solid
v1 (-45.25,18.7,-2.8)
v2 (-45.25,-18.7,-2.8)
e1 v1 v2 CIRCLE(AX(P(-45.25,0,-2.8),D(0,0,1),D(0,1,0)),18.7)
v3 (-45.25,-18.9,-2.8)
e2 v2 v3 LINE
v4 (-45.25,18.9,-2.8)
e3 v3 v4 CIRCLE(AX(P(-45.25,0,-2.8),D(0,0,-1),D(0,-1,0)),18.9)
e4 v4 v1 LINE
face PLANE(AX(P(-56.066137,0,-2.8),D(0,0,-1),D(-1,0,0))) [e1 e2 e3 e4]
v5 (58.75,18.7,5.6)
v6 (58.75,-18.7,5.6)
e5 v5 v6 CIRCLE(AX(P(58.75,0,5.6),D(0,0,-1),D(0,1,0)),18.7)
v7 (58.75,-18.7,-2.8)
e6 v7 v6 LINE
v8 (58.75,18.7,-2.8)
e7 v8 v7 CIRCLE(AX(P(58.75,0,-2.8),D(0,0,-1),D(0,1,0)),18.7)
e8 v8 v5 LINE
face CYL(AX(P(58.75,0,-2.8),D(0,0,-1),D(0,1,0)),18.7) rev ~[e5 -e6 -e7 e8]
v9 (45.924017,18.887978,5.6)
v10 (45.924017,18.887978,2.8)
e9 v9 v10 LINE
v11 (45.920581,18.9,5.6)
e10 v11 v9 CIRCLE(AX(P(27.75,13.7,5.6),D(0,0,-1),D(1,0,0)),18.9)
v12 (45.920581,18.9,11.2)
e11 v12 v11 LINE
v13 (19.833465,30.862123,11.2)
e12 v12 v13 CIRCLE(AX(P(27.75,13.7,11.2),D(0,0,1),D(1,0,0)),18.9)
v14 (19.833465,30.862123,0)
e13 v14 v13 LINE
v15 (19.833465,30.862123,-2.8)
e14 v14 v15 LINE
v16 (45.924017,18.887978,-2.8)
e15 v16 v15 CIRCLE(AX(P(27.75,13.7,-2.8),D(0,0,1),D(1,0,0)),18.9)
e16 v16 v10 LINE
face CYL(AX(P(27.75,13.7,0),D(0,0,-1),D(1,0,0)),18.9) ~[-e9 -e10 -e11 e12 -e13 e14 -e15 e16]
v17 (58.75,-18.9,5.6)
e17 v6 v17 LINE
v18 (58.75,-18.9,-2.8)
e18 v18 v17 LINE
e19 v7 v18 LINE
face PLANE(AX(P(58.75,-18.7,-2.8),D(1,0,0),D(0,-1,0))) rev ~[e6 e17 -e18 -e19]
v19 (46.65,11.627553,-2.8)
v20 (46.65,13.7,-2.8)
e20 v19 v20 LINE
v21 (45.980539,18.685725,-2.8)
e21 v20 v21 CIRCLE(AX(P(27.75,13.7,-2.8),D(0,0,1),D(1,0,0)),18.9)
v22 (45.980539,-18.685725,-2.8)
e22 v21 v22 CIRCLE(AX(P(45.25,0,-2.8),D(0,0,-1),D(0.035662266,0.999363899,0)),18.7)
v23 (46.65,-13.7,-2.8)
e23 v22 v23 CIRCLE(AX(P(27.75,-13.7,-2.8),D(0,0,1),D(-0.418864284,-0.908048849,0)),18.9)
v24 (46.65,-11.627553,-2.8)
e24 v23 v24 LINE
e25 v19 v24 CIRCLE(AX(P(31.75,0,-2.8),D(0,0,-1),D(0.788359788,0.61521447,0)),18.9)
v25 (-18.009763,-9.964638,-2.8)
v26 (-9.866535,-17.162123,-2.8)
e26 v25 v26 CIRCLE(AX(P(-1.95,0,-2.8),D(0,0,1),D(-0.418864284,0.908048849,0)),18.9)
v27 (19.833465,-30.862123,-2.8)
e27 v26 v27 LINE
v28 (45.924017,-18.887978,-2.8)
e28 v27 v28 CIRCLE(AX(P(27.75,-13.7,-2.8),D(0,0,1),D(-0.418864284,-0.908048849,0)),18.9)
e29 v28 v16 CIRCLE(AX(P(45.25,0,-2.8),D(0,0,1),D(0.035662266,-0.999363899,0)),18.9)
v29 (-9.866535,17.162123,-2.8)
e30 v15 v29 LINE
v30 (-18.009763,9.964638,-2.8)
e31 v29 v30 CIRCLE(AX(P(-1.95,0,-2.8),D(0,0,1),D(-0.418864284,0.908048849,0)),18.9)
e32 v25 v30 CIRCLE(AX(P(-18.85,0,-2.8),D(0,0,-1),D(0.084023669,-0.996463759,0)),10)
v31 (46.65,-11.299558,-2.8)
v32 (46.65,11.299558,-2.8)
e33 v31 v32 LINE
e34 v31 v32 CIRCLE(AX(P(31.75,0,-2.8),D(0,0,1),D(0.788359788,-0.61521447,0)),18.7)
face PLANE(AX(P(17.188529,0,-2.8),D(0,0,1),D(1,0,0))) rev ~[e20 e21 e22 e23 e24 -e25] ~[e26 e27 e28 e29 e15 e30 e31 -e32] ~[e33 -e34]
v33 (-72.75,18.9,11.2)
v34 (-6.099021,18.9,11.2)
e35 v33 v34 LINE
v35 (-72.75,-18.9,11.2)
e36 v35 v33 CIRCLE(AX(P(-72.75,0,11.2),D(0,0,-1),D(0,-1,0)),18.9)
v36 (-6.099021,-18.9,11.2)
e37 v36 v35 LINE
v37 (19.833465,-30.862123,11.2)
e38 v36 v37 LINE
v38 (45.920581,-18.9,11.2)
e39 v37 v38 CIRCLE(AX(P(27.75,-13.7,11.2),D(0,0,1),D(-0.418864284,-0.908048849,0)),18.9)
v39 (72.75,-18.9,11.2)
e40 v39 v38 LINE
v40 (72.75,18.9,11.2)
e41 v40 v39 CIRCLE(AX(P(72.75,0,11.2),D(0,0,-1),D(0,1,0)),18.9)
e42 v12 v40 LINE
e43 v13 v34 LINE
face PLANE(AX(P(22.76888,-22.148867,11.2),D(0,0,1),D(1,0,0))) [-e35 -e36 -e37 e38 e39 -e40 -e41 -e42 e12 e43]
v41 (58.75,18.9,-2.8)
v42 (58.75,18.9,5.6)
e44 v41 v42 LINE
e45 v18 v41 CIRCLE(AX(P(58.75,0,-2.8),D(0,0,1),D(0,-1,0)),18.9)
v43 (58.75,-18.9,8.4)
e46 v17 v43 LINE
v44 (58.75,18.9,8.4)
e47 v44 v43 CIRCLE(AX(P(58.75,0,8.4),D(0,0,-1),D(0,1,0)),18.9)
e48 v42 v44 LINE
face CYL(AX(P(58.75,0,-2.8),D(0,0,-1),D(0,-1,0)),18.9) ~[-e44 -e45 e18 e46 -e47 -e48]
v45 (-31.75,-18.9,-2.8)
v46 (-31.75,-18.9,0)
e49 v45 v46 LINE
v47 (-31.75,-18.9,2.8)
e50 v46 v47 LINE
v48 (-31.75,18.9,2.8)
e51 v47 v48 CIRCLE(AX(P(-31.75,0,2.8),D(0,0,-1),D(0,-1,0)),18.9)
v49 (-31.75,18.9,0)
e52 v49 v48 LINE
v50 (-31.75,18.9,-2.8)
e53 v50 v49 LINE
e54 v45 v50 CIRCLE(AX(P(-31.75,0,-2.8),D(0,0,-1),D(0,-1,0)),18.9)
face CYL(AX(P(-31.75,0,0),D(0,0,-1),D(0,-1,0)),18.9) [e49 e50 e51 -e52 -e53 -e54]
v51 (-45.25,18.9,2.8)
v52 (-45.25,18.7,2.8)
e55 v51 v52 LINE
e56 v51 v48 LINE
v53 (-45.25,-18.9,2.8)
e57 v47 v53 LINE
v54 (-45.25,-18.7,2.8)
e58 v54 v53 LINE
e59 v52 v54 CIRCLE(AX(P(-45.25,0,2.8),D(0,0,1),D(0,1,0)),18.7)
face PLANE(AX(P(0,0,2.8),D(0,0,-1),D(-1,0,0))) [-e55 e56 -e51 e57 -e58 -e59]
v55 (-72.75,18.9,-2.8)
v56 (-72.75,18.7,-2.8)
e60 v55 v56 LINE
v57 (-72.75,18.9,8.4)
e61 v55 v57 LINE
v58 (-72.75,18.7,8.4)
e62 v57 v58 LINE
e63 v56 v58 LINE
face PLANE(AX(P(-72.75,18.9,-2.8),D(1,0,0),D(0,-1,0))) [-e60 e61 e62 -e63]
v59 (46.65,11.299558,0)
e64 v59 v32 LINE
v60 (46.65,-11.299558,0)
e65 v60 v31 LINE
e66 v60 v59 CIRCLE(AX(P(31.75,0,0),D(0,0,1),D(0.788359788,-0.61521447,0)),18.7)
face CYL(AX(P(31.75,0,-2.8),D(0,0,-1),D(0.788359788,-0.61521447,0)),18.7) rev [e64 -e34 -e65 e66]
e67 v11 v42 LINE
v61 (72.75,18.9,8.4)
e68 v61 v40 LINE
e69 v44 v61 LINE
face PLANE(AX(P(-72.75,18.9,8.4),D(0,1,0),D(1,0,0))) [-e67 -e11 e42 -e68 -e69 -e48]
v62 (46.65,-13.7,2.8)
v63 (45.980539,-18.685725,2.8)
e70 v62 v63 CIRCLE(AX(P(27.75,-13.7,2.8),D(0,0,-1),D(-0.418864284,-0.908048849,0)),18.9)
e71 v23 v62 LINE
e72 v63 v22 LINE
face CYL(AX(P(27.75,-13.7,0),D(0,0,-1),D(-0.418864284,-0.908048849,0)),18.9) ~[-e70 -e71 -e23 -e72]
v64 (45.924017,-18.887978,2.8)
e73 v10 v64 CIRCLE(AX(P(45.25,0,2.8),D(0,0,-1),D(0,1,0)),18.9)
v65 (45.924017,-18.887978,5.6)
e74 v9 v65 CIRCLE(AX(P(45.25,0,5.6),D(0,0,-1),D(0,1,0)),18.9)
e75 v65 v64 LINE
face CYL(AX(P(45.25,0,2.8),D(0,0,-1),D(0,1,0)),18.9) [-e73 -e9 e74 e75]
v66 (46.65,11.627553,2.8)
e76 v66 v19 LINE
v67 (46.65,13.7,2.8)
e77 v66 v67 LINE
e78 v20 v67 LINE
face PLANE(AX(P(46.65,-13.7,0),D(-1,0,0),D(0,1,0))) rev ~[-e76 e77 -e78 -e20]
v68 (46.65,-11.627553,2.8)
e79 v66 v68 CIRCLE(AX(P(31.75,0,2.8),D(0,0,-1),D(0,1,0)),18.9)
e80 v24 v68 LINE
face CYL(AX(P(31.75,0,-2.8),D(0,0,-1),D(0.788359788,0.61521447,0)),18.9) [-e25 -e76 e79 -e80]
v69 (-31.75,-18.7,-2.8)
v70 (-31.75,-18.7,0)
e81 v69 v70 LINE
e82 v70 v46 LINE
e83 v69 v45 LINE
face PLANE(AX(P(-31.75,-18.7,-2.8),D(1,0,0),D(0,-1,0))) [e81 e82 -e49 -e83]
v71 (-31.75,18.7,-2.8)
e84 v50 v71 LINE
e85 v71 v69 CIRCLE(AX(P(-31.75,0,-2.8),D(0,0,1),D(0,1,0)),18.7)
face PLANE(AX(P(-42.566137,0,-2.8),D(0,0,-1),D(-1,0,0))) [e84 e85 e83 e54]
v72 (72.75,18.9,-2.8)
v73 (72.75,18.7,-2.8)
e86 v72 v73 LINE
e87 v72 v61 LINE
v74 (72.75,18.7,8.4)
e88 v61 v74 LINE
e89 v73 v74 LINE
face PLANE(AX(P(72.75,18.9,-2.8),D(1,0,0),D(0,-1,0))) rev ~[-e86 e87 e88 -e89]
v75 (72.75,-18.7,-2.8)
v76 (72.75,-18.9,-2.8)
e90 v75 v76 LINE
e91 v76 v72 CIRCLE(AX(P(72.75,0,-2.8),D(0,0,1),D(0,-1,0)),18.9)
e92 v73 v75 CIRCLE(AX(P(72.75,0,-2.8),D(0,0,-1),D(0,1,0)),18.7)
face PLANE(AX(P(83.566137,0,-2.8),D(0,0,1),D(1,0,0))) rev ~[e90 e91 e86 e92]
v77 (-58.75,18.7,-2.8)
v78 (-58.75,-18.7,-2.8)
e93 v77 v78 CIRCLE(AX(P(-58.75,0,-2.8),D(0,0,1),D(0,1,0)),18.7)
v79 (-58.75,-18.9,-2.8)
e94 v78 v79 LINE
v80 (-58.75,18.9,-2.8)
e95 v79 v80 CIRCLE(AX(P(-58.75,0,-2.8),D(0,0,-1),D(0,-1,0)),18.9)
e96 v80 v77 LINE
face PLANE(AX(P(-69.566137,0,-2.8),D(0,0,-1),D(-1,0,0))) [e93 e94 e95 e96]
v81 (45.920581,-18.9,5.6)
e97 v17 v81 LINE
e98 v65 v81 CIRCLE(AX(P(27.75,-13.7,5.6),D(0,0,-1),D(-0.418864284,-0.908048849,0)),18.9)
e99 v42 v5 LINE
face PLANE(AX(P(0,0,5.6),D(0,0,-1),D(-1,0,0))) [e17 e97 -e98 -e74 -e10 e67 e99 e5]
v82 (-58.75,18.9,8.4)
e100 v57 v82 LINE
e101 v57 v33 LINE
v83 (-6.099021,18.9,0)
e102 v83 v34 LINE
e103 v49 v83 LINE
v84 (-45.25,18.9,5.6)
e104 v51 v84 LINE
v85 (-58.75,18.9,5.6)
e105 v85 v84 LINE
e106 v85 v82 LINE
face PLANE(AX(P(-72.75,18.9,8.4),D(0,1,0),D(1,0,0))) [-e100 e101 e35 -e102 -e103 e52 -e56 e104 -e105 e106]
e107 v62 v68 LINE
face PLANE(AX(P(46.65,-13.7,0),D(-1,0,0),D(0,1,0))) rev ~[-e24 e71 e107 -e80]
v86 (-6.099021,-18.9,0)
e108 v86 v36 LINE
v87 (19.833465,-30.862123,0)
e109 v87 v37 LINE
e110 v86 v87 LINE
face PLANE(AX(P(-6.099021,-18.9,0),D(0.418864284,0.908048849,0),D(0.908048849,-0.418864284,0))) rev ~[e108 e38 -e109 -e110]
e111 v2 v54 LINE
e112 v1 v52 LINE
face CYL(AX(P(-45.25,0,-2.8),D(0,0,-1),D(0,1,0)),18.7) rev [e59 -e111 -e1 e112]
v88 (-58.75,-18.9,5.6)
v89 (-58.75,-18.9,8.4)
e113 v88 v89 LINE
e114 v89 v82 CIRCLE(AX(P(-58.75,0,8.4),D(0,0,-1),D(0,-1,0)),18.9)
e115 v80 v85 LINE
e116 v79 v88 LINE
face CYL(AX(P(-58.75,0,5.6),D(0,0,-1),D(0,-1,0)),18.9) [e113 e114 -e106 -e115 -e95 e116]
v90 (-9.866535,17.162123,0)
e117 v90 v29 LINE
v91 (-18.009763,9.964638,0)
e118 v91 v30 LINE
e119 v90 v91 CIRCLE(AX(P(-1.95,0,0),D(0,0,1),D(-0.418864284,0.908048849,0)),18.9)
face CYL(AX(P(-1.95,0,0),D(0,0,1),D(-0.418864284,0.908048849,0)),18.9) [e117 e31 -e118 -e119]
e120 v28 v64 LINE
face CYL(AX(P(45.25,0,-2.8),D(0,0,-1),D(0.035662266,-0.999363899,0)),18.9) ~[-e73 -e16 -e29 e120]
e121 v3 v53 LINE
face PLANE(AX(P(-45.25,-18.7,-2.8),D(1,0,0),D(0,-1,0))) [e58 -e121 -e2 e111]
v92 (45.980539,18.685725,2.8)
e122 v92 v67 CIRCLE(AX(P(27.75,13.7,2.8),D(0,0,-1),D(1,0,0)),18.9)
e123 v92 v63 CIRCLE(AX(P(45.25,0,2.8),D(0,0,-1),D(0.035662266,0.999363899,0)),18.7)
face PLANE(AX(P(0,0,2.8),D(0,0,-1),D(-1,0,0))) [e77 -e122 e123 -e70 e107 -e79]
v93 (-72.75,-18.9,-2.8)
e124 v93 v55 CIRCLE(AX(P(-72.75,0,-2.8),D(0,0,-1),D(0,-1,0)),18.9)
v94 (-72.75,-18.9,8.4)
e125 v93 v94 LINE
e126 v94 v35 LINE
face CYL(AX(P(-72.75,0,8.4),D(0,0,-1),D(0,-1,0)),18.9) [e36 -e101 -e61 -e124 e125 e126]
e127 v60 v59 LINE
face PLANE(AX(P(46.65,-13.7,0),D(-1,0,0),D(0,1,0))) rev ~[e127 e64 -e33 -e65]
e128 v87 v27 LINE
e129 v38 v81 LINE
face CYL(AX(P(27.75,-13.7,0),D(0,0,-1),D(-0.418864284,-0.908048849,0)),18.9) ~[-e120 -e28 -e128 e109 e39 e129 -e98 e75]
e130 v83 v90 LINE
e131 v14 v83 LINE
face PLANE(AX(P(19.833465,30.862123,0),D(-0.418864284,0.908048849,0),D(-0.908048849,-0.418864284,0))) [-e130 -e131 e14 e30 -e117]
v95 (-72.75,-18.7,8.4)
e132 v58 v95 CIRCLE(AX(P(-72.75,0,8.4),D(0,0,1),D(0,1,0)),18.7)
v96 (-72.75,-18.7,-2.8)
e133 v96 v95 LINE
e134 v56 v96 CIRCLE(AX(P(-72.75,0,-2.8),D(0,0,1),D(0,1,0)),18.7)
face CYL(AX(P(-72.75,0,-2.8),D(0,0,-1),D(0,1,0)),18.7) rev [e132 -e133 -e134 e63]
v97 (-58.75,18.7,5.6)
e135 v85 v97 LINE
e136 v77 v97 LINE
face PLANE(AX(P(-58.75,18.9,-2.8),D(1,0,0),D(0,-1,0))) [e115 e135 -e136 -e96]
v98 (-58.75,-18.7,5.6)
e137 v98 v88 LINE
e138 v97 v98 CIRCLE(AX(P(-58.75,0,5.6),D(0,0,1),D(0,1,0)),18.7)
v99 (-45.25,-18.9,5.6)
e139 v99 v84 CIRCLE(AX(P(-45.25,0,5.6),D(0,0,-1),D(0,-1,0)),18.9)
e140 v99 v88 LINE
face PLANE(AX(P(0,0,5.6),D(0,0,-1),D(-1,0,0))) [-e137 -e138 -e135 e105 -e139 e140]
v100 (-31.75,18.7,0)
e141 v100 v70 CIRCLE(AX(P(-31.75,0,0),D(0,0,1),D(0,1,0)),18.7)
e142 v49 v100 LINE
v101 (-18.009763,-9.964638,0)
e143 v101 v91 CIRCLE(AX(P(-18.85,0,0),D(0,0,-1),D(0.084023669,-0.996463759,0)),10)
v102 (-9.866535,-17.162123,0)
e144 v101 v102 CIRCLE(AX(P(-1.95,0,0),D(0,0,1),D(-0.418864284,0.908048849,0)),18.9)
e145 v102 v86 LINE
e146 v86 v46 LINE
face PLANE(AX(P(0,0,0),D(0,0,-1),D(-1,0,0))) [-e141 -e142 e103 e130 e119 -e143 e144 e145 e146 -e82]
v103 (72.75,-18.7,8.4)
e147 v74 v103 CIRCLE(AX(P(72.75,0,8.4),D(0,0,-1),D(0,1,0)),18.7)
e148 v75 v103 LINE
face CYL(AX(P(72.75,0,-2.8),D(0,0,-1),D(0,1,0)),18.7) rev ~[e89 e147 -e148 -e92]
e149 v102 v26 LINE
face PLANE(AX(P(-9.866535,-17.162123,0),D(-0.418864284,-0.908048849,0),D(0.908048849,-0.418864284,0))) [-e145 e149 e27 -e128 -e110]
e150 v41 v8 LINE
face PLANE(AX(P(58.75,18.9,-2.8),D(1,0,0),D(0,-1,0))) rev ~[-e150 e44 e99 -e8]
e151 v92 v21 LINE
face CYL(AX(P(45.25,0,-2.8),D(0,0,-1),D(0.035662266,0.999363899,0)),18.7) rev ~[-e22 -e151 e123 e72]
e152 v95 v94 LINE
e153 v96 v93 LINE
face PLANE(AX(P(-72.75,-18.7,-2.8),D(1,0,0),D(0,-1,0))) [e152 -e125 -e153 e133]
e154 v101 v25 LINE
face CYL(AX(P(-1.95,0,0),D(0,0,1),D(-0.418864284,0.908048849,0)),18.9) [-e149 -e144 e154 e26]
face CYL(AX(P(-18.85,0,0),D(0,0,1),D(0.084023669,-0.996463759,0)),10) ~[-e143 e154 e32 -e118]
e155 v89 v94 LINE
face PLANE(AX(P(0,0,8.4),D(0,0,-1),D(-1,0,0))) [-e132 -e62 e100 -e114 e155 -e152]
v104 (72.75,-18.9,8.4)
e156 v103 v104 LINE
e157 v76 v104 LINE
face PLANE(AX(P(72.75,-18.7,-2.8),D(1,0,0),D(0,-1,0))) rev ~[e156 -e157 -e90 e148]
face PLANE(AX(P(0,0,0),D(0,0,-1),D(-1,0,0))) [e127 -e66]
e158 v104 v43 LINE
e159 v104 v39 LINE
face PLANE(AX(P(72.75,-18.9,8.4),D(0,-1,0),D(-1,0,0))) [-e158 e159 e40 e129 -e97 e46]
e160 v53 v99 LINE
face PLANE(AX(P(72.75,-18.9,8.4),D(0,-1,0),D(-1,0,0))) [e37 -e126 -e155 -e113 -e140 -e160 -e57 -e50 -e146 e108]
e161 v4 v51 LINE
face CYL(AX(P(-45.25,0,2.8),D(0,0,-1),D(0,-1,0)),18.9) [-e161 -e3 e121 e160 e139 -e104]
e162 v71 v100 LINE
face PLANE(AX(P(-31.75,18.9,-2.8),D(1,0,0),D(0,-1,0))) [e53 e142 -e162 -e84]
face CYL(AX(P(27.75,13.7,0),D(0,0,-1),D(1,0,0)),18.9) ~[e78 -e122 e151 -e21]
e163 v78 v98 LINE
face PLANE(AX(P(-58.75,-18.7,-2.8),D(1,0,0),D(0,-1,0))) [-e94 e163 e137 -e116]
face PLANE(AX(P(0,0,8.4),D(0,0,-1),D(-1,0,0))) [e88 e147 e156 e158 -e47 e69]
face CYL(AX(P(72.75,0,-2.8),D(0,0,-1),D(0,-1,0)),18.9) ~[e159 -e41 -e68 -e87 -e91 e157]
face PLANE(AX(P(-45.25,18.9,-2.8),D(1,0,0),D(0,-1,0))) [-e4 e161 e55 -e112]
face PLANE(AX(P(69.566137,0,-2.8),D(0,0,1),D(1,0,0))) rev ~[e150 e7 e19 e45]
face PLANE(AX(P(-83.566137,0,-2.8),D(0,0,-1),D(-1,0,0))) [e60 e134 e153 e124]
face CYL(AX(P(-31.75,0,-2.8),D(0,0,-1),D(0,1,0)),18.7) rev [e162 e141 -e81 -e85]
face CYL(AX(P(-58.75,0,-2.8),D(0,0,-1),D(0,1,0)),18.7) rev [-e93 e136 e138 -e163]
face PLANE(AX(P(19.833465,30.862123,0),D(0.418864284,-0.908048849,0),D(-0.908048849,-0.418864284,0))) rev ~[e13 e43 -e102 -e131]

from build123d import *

# Parameters (mm, degrees)
BOSS_EXTRUDE1_DEPTH  = 2.8
BOSS_EXTRUDE5_DEPTH  = 2.8
BOSS_EXTRUDE2_DEPTH  = 2.8
BOSS_EXTRUDE3_DEPTH  = 2.8
BOSS_EXTRUDE4_DEPTH  = 2.8
BOSS_EXTRUDE6_DEPTH  = 11.2
BOSS_EXTRUDE7_START  = -2.8
BOSS_EXTRUDE7_DEPTH  = 2.8
BOSS_EXTRUDE8_START  = 11.2
BOSS_EXTRUDE8_DEPTH  = 11.2
BOSS_EXTRUDE9_START  = 8.4
BOSS_EXTRUDE9_DEPTH  = 8.4
BOSS_EXTRUDE10_START = 5.6
BOSS_EXTRUDE10_DEPTH = 5.6
BOSS_EXTRUDE11_START = 2.8
BOSS_EXTRUDE11_DEPTH = 2.8


with BuildPart() as part:
    # Sketch1 → Boss-Extrude1 (new body)
    with BuildSketch(Plane.XY):
        with BuildLine():
            Line((-31.75, 18.9), (31.75, 18.9))
            ThreePointArc((31.75, 18.9), (50.65, 0), (31.75, -18.9))
            Line((31.75, -18.9), (-31.75, -18.9))
            ThreePointArc((-31.75, -18.9), (-50.65, 0), (-31.75, 18.9))
        make_face()
    extrude(amount=BOSS_EXTRUDE1_DEPTH)

    # Sketch5 → Boss-Extrude5 (add)
    with BuildSketch(Plane(origin=(0, 0, 0), x_dir=(-1, 0, 0), z_dir=(0, 0, -1))):
        with BuildLine():
            Line((-46.65, -13.7), (-46.65, 13.7))
            ThreePointArc((-46.65, 13.7), (-37.937921505, 29.619053219), (-19.833465037, 30.862123242))
            Line((-19.833465037, 30.862123242), (9.866534963, 17.162123242))
            ThreePointArc((9.866534963, 17.162123242), (20.85, 0), (9.866534963, -17.162123242))
            Line((9.866534963, -17.162123242), (-19.833465037, -30.862123242))
            ThreePointArc((-19.833465037, -30.862123242), (-37.937921505, -29.619053219), (-46.65, -13.7))
        make_face()
    extrude(amount=BOSS_EXTRUDE5_DEPTH)

    # Sketch2 → Boss-Extrude2 (add)
    with BuildSketch(Plane.XY.offset(2.8)):
        with BuildLine():
            Line((-45.25, 18.9), (45.25, 18.9))
            ThreePointArc((45.25, 18.9), (64.15, 0), (45.25, -18.9))
            Line((45.25, -18.9), (-45.25, -18.9))
            ThreePointArc((-45.25, -18.9), (-64.15, 0), (-45.25, 18.9))
        make_face()
    extrude(amount=BOSS_EXTRUDE2_DEPTH)

    # Sketch3 → Boss-Extrude3 (add)
    with BuildSketch(Plane.XY.offset(5.6)):
        with BuildLine():
            Line((-58.75, 18.9), (58.75, 18.9))
            ThreePointArc((58.75, 18.9), (77.65, 0), (58.75, -18.9))
            Line((58.75, -18.9), (-58.75, -18.9))
            ThreePointArc((-58.75, -18.9), (-77.65, 0), (-58.75, 18.9))
        make_face()
    extrude(amount=BOSS_EXTRUDE3_DEPTH)

    # Sketch4 → Boss-Extrude4 (add)
    with BuildSketch(Plane.XY.offset(8.4)):
        with BuildLine():
            Line((-72.75, 18.9), (72.75, 18.9))
            ThreePointArc((72.75, 18.9), (91.65, 0), (72.75, -18.9))
            Line((72.75, -18.9), (-72.75, -18.9))
            ThreePointArc((-72.75, -18.9), (-91.65, 0), (-72.75, 18.9))
        make_face()
    extrude(amount=BOSS_EXTRUDE4_DEPTH)

    # Sketch7 → Boss-Extrude6 (add)
    with BuildSketch(Plane.XY):
        with BuildLine():
            Line((31.75, -18.9), (-6.099021116, -18.9))
            Line((-6.099021116, -18.9), (19.833465037, -30.862123242))
            ThreePointArc((19.833465037, -30.862123242), (37.937921505, -29.619053219), (46.65, -13.7))
            Line((46.65, -13.7), (46.65, -11.627553483))
            ThreePointArc((46.65, -11.627553483), (40.040031338, -16.984857386), (31.75, -18.9))
        make_face()
        with BuildLine():
            Line((46.65, 11.627553483), (46.65, 13.7))
            ThreePointArc((46.65, 13.7), (37.937921505, 29.619053219), (19.833465037, 30.862123242))
            Line((19.833465037, 30.862123242), (-6.099021116, 18.9))
            Line((-6.099021116, 18.9), (31.75, 18.9))
            ThreePointArc((31.75, 18.9), (40.040031338, 16.984857386), (46.65, 11.627553483))
        make_face()
    extrude(amount=BOSS_EXTRUDE6_DEPTH)

    # Sketch10 → Boss-Extrude7 (add)
    with BuildSketch(Plane(origin=(0, 0, -2.8), x_dir=(-1, 0, 0), z_dir=(0, 0, -1)).offset(BOSS_EXTRUDE7_START)):
        with BuildLine():
            ThreePointArc((18.009763314, -9.964637591), (28.85, 0), (18.009763314, 9.964637591))
            ThreePointArc((18.009763314, 9.964637591), (20.85, 0), (18.009763314, -9.964637591))
        make_face()
    extrude(amount=BOSS_EXTRUDE7_DEPTH)

    # Sketch11 → Boss-Extrude8 (add)
    with BuildSketch(Plane(origin=(0, 0, 8.4), x_dir=(-1, 0, 0), z_dir=(0, 0, -1)).offset(BOSS_EXTRUDE8_START)):
        with BuildLine():
            Line((-72.75, -18.7), (-72.75, -18.9))
            ThreePointArc((-72.75, -18.9), (-91.65, 0), (-72.75, 18.9))
            Line((-72.75, 18.9), (-72.75, 18.7))
            ThreePointArc((-72.75, 18.7), (-91.45, 0), (-72.75, -18.7))
        make_face()
        with BuildLine():
            Line((72.75, -18.7), (72.75, -18.9))
            ThreePointArc((72.75, -18.9), (91.65, 0), (72.75, 18.9))
            Line((72.75, 18.9), (72.75, 18.7))
            ThreePointArc((72.75, 18.7), (91.45, 0), (72.75, -18.7))
        make_face()
    extrude(amount=-BOSS_EXTRUDE8_DEPTH)

    # Sketch12 → Boss-Extrude9 (add)
    with BuildSketch(Plane(origin=(0, 0, 5.6), x_dir=(-1, 0, 0), z_dir=(0, 0, -1)).offset(BOSS_EXTRUDE9_START)):
        with BuildLine():
            Line((-58.75, 18.9), (-58.75, 18.7))
            ThreePointArc((-58.75, 18.7), (-77.45, 0), (-58.75, -18.7))
            Line((-58.75, -18.7), (-58.75, -18.9))
            ThreePointArc((-58.75, -18.9), (-77.65, 0), (-58.75, 18.9))
        make_face()
        with BuildLine():
            Line((58.75, 18.9), (58.75, 18.7))
            ThreePointArc((58.75, 18.7), (77.45, 0), (58.75, -18.7))
            Line((58.75, -18.7), (58.75, -18.9))
            ThreePointArc((58.75, -18.9), (77.65, 0), (58.75, 18.9))
        make_face()
    extrude(amount=-BOSS_EXTRUDE9_DEPTH)

    # Sketch13 → Boss-Extrude10 (add)
    with BuildSketch(Plane(origin=(0, 0, 2.8), x_dir=(-1, 0, 0), z_dir=(0, 0, -1)).offset(BOSS_EXTRUDE10_START)):
        with BuildLine():
            Line((-45.924016822, 18.887977693), (-45.916884369, 18.688104913))
            ThreePointArc((-45.916884369, 18.688104913), (-63.95, 0), (-45.916884369, -18.688104913))
            Line((-45.916884369, -18.688104913), (-45.924016822, -18.887977693))
            ThreePointArc((-45.924016822, -18.887977693), (-64.15, 0), (-45.924016822, 18.887977693))
        make_face()
        with BuildLine():
            Line((45.25, 18.9), (45.25, 18.7))
            ThreePointArc((45.25, 18.7), (63.95, 0), (45.25, -18.7))
            Line((45.25, -18.7), (45.25, -18.9))
            ThreePointArc((45.25, -18.9), (64.15, 0), (45.25, 18.9))
        make_face()
    extrude(amount=-BOSS_EXTRUDE10_DEPTH)

    # Sketch14 → Boss-Extrude11 (add)
    with BuildSketch(Plane(origin=(0, 0, 0), x_dir=(-1, 0, 0), z_dir=(0, 0, -1)).offset(BOSS_EXTRUDE11_START)):
        with BuildLine():
            Line((-46.65, -11.627553483), (-46.492328042, -11.504510589))
            ThreePointArc((-46.492328042, -11.504510589), (-50.45, 0), (-46.492328042, 11.504510589))
            Line((-46.492328042, 11.504510589), (-46.65, 11.627553483))
            ThreePointArc((-46.65, 11.627553483), (-50.65, 0), (-46.65, -11.627553483))
        make_face()
        with BuildLine():
            Line((31.75, 18.9), (31.75, 18.7))
            ThreePointArc((31.75, 18.7), (50.45, 0), (31.75, -18.7))
            Line((31.75, -18.7), (31.75, -18.9))
            ThreePointArc((31.75, -18.9), (50.65, 0), (31.75, 18.9))
        make_face()
    extrude(amount=-BOSS_EXTRUDE11_DEPTH)


solid = part.part
